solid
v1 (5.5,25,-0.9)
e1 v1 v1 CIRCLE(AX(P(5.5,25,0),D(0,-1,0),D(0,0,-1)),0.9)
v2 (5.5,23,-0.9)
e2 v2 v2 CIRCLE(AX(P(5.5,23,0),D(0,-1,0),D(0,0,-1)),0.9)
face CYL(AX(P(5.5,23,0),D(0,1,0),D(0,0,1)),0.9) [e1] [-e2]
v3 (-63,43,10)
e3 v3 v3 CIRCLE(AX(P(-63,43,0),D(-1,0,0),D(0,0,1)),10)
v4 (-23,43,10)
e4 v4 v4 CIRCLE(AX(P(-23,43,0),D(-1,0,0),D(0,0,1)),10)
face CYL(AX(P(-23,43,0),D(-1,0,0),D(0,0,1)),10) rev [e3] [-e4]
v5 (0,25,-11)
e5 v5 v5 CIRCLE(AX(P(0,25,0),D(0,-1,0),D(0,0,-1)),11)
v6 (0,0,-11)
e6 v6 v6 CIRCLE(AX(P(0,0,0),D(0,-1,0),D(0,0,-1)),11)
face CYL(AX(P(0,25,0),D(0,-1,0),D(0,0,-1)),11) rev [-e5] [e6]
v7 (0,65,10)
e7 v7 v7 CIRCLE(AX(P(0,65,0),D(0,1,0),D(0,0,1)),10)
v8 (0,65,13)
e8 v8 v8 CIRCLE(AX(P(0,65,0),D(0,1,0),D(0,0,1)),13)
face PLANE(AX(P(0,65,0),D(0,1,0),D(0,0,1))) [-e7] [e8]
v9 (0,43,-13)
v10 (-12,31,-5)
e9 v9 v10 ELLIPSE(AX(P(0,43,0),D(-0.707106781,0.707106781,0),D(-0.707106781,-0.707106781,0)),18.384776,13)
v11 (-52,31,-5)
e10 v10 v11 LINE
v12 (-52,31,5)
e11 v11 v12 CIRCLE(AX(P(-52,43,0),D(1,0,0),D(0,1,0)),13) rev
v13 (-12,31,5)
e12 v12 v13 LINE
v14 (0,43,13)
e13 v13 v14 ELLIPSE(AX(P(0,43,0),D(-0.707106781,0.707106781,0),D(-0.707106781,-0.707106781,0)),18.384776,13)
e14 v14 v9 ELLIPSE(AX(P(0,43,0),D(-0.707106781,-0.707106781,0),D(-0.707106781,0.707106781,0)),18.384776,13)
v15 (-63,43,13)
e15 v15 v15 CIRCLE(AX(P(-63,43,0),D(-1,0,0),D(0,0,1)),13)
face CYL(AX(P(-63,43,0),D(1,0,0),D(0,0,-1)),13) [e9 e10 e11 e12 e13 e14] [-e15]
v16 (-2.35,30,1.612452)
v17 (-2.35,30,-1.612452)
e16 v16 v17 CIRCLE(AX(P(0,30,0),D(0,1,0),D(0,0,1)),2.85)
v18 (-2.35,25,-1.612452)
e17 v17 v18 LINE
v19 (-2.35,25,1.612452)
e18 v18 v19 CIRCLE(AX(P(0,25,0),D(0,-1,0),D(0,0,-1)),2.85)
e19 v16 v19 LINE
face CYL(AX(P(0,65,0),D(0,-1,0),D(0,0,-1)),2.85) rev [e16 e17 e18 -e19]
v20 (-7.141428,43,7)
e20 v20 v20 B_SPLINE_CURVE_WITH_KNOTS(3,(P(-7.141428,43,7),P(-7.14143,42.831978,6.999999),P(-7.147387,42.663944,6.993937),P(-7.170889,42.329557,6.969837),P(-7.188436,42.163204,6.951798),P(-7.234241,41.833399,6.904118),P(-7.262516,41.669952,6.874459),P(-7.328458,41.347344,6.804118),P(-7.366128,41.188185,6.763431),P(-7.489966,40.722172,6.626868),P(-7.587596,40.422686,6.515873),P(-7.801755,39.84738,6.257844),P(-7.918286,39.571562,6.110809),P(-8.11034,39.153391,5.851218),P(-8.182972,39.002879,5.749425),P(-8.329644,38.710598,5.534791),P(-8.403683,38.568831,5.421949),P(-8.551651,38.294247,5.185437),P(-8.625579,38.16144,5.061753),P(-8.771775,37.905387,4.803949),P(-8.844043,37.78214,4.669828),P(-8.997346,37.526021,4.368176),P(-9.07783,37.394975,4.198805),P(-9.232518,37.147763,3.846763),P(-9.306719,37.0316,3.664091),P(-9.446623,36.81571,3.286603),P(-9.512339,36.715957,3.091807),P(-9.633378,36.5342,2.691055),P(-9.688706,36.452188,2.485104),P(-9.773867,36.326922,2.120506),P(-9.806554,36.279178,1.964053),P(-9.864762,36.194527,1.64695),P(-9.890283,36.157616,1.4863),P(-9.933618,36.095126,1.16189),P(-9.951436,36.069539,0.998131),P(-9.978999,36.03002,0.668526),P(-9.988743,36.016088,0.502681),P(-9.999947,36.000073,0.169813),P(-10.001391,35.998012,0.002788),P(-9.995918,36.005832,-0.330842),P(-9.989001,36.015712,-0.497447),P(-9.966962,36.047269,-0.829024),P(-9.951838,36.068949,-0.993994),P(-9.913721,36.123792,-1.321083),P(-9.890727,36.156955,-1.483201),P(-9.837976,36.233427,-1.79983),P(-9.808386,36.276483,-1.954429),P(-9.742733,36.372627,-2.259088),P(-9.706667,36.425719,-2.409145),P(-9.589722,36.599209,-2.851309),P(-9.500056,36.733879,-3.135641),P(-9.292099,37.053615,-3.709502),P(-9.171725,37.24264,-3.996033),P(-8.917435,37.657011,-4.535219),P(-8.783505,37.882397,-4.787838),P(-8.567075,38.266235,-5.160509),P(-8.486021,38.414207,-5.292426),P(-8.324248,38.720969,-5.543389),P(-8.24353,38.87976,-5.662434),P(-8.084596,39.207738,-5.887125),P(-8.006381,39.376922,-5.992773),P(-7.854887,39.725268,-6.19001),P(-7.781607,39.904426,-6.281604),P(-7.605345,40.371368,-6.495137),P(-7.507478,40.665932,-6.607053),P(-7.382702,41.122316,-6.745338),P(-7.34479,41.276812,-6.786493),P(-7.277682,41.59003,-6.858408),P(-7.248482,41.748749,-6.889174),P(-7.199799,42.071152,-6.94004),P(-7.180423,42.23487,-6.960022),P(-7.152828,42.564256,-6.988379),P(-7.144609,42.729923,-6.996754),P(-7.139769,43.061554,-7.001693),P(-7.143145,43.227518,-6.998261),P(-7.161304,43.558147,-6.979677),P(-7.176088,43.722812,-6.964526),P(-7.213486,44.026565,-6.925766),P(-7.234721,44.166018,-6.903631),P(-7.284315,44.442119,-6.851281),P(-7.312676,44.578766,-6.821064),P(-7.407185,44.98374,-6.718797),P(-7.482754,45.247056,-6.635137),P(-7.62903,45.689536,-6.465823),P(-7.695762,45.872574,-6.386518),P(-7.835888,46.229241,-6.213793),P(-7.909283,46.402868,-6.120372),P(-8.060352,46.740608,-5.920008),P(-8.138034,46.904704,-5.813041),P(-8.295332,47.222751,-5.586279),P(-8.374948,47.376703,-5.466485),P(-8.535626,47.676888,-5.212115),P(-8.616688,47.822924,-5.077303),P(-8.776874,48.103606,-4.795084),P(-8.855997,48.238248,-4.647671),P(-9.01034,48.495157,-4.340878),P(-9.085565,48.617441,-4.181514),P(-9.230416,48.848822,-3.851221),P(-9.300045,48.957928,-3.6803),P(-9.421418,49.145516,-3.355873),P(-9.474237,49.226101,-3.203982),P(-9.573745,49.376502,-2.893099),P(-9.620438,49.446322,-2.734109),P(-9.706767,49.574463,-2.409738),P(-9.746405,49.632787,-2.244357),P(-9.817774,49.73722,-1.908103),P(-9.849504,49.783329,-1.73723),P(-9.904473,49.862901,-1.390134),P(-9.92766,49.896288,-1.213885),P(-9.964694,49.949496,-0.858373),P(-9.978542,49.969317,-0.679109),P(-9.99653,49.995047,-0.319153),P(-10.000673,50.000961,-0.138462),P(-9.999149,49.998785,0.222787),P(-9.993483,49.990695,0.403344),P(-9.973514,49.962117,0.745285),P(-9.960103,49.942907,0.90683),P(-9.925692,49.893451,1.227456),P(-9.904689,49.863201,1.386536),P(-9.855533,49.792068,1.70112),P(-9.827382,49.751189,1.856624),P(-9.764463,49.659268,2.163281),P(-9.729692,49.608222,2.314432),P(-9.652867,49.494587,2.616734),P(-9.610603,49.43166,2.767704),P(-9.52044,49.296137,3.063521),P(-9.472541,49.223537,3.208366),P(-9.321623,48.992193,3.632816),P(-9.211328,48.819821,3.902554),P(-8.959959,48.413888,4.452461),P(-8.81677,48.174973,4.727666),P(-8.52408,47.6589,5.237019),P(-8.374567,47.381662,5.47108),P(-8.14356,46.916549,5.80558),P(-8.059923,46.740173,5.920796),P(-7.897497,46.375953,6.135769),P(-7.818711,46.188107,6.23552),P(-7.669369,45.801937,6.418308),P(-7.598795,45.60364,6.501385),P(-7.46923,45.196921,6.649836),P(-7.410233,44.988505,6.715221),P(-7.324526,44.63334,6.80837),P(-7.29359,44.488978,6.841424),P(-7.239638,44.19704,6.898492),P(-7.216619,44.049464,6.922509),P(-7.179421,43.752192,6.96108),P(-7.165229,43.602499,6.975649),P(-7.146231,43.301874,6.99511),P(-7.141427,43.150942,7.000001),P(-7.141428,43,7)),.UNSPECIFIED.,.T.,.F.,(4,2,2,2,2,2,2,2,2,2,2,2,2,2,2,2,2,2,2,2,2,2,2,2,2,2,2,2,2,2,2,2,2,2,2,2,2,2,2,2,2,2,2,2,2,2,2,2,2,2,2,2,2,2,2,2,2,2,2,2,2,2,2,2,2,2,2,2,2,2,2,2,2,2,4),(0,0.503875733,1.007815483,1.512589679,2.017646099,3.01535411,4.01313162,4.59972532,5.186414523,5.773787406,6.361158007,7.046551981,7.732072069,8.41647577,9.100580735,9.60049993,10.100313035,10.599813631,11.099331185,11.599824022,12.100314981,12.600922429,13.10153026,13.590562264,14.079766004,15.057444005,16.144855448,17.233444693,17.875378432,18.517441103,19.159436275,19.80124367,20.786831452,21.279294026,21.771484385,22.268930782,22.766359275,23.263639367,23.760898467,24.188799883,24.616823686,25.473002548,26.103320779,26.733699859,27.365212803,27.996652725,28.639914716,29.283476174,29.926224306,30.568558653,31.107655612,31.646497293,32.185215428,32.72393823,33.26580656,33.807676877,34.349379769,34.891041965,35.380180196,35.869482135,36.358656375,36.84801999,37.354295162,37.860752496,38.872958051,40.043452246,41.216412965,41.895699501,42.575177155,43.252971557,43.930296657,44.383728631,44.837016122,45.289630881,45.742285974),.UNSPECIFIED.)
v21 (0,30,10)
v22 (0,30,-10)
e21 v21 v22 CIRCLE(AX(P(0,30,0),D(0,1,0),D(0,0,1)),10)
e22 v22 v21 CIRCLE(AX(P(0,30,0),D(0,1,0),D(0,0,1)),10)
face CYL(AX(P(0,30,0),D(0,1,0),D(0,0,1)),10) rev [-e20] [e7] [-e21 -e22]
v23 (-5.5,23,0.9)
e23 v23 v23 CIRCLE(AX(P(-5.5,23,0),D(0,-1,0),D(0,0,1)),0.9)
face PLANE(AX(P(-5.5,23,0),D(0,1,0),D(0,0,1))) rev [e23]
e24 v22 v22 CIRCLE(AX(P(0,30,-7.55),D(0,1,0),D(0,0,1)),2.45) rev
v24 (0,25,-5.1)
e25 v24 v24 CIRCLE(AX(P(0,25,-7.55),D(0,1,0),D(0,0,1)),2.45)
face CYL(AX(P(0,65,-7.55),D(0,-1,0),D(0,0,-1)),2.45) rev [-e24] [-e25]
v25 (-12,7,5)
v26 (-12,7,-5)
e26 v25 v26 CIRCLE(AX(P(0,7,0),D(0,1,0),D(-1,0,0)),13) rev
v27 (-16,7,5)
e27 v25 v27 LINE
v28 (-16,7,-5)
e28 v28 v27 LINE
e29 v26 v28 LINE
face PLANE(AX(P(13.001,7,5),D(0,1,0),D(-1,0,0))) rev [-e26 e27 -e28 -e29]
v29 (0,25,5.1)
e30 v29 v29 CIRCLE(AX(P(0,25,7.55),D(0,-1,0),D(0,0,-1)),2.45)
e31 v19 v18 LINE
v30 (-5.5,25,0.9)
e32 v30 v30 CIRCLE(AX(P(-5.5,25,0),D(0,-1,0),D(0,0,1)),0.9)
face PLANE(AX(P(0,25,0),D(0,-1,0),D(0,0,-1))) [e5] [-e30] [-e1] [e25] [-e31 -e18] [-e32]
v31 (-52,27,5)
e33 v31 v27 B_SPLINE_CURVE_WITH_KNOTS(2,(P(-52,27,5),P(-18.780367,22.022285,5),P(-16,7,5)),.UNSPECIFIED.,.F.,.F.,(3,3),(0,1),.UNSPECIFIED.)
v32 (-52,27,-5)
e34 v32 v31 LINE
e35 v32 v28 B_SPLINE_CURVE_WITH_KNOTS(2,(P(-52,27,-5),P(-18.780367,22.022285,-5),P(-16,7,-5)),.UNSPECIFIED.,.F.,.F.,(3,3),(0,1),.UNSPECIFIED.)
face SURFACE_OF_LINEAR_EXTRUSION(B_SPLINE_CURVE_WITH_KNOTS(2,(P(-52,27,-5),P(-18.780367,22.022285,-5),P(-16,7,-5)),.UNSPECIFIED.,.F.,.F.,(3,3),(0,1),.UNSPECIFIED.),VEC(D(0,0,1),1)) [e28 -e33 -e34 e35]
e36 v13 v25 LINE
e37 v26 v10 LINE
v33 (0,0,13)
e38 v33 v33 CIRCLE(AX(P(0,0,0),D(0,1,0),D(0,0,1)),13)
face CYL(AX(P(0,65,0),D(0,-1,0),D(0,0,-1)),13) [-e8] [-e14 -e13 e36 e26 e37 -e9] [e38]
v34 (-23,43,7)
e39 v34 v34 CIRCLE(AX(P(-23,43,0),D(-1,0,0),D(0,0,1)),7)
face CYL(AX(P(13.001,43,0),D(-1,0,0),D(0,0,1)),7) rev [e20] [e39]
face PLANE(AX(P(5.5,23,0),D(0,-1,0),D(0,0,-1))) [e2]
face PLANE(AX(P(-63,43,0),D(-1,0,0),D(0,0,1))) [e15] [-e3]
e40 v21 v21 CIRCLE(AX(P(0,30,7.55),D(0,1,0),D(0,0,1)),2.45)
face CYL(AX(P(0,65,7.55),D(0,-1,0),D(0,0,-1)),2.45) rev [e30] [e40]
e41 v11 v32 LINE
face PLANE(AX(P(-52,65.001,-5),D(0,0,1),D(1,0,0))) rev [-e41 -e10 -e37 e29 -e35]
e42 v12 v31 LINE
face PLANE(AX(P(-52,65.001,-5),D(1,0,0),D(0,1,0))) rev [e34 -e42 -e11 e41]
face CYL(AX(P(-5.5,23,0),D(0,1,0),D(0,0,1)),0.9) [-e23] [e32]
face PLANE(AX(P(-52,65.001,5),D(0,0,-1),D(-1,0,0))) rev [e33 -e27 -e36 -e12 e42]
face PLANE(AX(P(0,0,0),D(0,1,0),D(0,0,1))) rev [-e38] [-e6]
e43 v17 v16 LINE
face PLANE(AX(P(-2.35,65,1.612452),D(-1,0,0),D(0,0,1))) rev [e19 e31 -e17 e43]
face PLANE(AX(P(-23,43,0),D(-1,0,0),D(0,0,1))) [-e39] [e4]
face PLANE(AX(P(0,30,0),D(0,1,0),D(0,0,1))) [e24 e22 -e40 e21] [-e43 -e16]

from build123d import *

# Parameters (mm, degrees)
BUITENCIRKEL_R                    = 13
CILINDER_BASIS_DEPTH              = 65
BINNENCIRKEL_MOTOR_R              = 11
HOLTE_MOTOR_DEPTH                 = 25
BINNENCIRKEL_BUIS_R               = 10
HOLTE_BUIS_DEPTH                  = 35
UITSPARING_MOTORAS_DEPTH          = 45.02272140611028
CIRKEL_MOTORPINNETJES_R           = 0.8999999999999995
UITSPARINGEN_MOTORPINNETJES_DEPTH = 2
CIRKEL_POLEN_R                    = 2.450000000000002
UITSPARINGEN_MOTORPOLEN_DEPTH     = 45.02272140611028
SKETCH2_R                         = 13.000000000000007
BOSS_EXTRUDE1_DEPTH               = 50
BOSS_EXTRUDE1_DIRECTION_2_REACH   = 73.204
SKETCH3_R                         = 10.000000000000005
CUT_EXTRUDE1_DEPTH                = 40
CUT_EXTRUDE2_REACH                = 79.421
CUT_EXTRUDE2_END_RADIUS           = 10
SKETCH4_R                         = 6.999999999999997
BOSS_EXTRUDE2_DEPTH               = 5
BOSS_EXTRUDE2_DEPTH_BACK          = 5
BOSS_EXTRUDE6_REACH               = 76.713
BOSS_EXTRUDE6_END_RADIUS          = 13.000000000000007
SKETCH11_W                        = 36.000000000000014
SKETCH11_H                        = 10
BOSS_EXTRUDE7_REACH               = 83.259
BOSS_EXTRUDE7_END_RADIUS          = 13.000000000000002
SKETCH12_W                        = 10
SKETCH12_H                        = 24.000000000000004


with BuildPart() as part:
    # Buitencirkel → Cilinder basis (new body)
    with BuildSketch(Plane(origin=(0, 0, 0), x_dir=(1, 0, 0), z_dir=(0, 1, 0))):
        Circle(BUITENCIRKEL_R)
    extrude(amount=CILINDER_BASIS_DEPTH)

    # Binnencirkel motor → Holte motor (cut)
    with BuildSketch(Plane(origin=(0, 0, 0), x_dir=(-1, 0, 0), z_dir=(0, -1, 0))):
        Circle(BINNENCIRKEL_MOTOR_R)
    extrude(amount=-HOLTE_MOTOR_DEPTH, mode=Mode.SUBTRACT)

    # Binnencirkel buis → Holte buis (cut)
    with BuildSketch(Plane(origin=(0, 65, 0), x_dir=(1, 0, 0), z_dir=(0, 1, 0))):
        Circle(BINNENCIRKEL_BUIS_R)
    extrude(amount=-HOLTE_BUIS_DEPTH, mode=Mode.SUBTRACT)

    # Cirkel motoras → Uitsparing motoras (cut, through all)
    with BuildSketch(Plane(origin=(0, 24.999999999999996, 0), x_dir=(-1, 0, 0), z_dir=(0, -1, 0))):
        with BuildLine():
            Line((2.3500000000000005, -1.6124515496597092), (2.3500000000000005, 1.6124515496597092))
            ThreePointArc((2.3500000000000005, 1.6124515496597092), (-2.85, 3.5e-16), (2.3500000000000005, -1.6124515496597092))
        make_face()
    extrude(amount=-UITSPARING_MOTORAS_DEPTH, mode=Mode.SUBTRACT)

    # Cirkel motorpinnetjes → Uitsparingen motorpinnetjes (add)
    with BuildSketch(Plane(origin=(0, 24.999999999999996, 0), x_dir=(-1, 0, 0), z_dir=(0, -1, 0))):
        with Locations((-5.5, 0)):
            Circle(CIRKEL_MOTORPINNETJES_R)
        with Locations((5.5, 0)):
            Circle(CIRKEL_MOTORPINNETJES_R)
    extrude(amount=UITSPARINGEN_MOTORPINNETJES_DEPTH)

    # Cirkel polen → Uitsparingen motorpolen (cut, through all)
    with BuildSketch(Plane(origin=(0, 24.999999999999996, 0), x_dir=(-1, 0, 0), z_dir=(0, -1, 0))):
        with Locations((9.2e-16, -7.55)):
            Circle(CIRKEL_POLEN_R)
        with Locations((9.2e-16, 7.55)):
            Circle(CIRKEL_POLEN_R)
    extrude(amount=-UITSPARINGEN_MOTORPOLEN_DEPTH, mode=Mode.SUBTRACT)

    # Sketch2 → Boss-Extrude1 (add)
    with BuildSketch(Plane.ZY.offset(13.000000000000002)):
        with Locations((0, 43)):
            Circle(SKETCH2_R)
    extrude(amount=BOSS_EXTRUDE1_DEPTH)

    # Boss-Extrude1 direction 2: up to this face of the body
    boss_extrude1_direction_2_end = part.part.faces().sort_by_distance((-13, 32.5, 0))[0]
    # Sketch2 → Boss-Extrude1 direction 2 (add, up to the picked face)
    with BuildSketch(Plane.ZY.offset(13.000000000000002), mode=Mode.PRIVATE) as boss_extrude1_direction_2_sk1:
        with Locations((0, 43)):
            Circle(SKETCH2_R)
    boss_extrude1_direction_2_tool1 = split(extrude(boss_extrude1_direction_2_sk1.sketch, amount=-BOSS_EXTRUDE1_DIRECTION_2_REACH, mode=Mode.PRIVATE), bisect_by=boss_extrude1_direction_2_end, keep=Keep.BOTH, mode=Mode.PRIVATE)
    add(boss_extrude1_direction_2_tool1.solids().sort_by(Axis((-13, 43, 0), (1, 0, 0)))[0])
    add(boss_extrude1_direction_2_tool1.solids().sort_by(Axis((-13, 43, 0), (1, 0, 0)))[1])

    # Sketch3 → Cut-Extrude1 (cut)
    with BuildSketch(Plane.ZY.offset(63)):
        with Locations((0, 43)):
            Circle(SKETCH3_R)
    extrude(amount=-CUT_EXTRUDE1_DEPTH, mode=Mode.SUBTRACT)

    # Cut-Extrude2: up to this cylinder (the profile starts outside it)
    cut_extrude2_end = Plane(origin=(0, 43, 0), z_dir=(0, 1, 0)) * Cylinder(CUT_EXTRUDE2_END_RADIUS, 179.842, mode=Mode.PRIVATE)
    # Sketch4 → Cut-Extrude2 (cut, up to the surface)
    with BuildSketch(Plane.ZY.offset(23), mode=Mode.PRIVATE) as cut_extrude2_sk1:
        with Locations((0, 43)):
            Circle(SKETCH4_R)
    cut_extrude2_tool1 = extrude(cut_extrude2_sk1.sketch, amount=-CUT_EXTRUDE2_REACH, mode=Mode.PRIVATE) - cut_extrude2_end
    add(cut_extrude2_tool1.solids().sort_by_distance((-23, 43, 0))[0], mode=Mode.SUBTRACT)



with BuildPart() as body_2:
    # Sketch5 → Boss-Extrude2 (new, two sides: drawn at the far end of the back side and taken through both)
    with BuildSketch(Plane.XY.offset(-BOSS_EXTRUDE2_DEPTH_BACK)):
        with BuildLine():
            Line((-52, 26.999999999999996), (-16, 27))
            Line((-16, 27), (-16, 6.999999999999999))
            add(Edge.make_bspline(
                [(-52, 26.999999999999996), (-18.780366723420578, 22.02228525010515), (-16, 6.999999999999999)],
                knots=[0, 0, 0, 1, 1, 1], degree=2))
        make_face()
    extrude(amount=BOSS_EXTRUDE2_DEPTH + BOSS_EXTRUDE2_DEPTH_BACK)


with BuildPart() as part_1:
    add(part.part)

    add(body_2.part)  # Boss-Extrude6 merges body 2
    # Boss-Extrude6: up to this cylinder (the profile starts outside it)
    boss_extrude6_end = Plane(origin=(-34, 43, 0), z_dir=(1, 0, 0)) * Cylinder(BOSS_EXTRUDE6_END_RADIUS, 180.426, mode=Mode.PRIVATE)
    # Sketch11 → Boss-Extrude6 (add, up to the surface)
    with BuildSketch(Plane(origin=(-2.6e-15, 27, 0), x_dir=(1, 1e-16, 0), z_dir=(-1e-16, 1, 0)), mode=Mode.PRIVATE) as boss_extrude6_sk1:
        with Locations((-34, 0)):
            Rectangle(SKETCH11_W, SKETCH11_H)
    boss_extrude6_tool1 = extrude(boss_extrude6_sk1.sketch, amount=BOSS_EXTRUDE6_REACH, mode=Mode.PRIVATE) - boss_extrude6_end
    add(boss_extrude6_tool1.solids().sort_by_distance((-34, 27, 0))[0])

    # Boss-Extrude7: up to this cylinder (the profile starts outside it)
    boss_extrude7_end = Plane(origin=(0, 19, 0), z_dir=(0, -1, 0)) * Cylinder(BOSS_EXTRUDE7_END_RADIUS, 193.518, mode=Mode.PRIVATE)
    # Sketch12 → Boss-Extrude7 (add, up to the surface)
    with BuildSketch(Plane(origin=(-15.999999999999996, -1.54e-15, 0), x_dir=(0, 0, -1), z_dir=(1, 1e-16, 0)), mode=Mode.PRIVATE) as boss_extrude7_sk1:
        with Locations((0, 19.000000000000004)):
            Rectangle(SKETCH12_W, SKETCH12_H)
    boss_extrude7_tool1 = extrude(boss_extrude7_sk1.sketch, amount=BOSS_EXTRUDE7_REACH, mode=Mode.PRIVATE) - boss_extrude7_end
    add(boss_extrude7_tool1.solids().sort_by_distance((-16, 19, 0))[0])


solid = part_1.part
